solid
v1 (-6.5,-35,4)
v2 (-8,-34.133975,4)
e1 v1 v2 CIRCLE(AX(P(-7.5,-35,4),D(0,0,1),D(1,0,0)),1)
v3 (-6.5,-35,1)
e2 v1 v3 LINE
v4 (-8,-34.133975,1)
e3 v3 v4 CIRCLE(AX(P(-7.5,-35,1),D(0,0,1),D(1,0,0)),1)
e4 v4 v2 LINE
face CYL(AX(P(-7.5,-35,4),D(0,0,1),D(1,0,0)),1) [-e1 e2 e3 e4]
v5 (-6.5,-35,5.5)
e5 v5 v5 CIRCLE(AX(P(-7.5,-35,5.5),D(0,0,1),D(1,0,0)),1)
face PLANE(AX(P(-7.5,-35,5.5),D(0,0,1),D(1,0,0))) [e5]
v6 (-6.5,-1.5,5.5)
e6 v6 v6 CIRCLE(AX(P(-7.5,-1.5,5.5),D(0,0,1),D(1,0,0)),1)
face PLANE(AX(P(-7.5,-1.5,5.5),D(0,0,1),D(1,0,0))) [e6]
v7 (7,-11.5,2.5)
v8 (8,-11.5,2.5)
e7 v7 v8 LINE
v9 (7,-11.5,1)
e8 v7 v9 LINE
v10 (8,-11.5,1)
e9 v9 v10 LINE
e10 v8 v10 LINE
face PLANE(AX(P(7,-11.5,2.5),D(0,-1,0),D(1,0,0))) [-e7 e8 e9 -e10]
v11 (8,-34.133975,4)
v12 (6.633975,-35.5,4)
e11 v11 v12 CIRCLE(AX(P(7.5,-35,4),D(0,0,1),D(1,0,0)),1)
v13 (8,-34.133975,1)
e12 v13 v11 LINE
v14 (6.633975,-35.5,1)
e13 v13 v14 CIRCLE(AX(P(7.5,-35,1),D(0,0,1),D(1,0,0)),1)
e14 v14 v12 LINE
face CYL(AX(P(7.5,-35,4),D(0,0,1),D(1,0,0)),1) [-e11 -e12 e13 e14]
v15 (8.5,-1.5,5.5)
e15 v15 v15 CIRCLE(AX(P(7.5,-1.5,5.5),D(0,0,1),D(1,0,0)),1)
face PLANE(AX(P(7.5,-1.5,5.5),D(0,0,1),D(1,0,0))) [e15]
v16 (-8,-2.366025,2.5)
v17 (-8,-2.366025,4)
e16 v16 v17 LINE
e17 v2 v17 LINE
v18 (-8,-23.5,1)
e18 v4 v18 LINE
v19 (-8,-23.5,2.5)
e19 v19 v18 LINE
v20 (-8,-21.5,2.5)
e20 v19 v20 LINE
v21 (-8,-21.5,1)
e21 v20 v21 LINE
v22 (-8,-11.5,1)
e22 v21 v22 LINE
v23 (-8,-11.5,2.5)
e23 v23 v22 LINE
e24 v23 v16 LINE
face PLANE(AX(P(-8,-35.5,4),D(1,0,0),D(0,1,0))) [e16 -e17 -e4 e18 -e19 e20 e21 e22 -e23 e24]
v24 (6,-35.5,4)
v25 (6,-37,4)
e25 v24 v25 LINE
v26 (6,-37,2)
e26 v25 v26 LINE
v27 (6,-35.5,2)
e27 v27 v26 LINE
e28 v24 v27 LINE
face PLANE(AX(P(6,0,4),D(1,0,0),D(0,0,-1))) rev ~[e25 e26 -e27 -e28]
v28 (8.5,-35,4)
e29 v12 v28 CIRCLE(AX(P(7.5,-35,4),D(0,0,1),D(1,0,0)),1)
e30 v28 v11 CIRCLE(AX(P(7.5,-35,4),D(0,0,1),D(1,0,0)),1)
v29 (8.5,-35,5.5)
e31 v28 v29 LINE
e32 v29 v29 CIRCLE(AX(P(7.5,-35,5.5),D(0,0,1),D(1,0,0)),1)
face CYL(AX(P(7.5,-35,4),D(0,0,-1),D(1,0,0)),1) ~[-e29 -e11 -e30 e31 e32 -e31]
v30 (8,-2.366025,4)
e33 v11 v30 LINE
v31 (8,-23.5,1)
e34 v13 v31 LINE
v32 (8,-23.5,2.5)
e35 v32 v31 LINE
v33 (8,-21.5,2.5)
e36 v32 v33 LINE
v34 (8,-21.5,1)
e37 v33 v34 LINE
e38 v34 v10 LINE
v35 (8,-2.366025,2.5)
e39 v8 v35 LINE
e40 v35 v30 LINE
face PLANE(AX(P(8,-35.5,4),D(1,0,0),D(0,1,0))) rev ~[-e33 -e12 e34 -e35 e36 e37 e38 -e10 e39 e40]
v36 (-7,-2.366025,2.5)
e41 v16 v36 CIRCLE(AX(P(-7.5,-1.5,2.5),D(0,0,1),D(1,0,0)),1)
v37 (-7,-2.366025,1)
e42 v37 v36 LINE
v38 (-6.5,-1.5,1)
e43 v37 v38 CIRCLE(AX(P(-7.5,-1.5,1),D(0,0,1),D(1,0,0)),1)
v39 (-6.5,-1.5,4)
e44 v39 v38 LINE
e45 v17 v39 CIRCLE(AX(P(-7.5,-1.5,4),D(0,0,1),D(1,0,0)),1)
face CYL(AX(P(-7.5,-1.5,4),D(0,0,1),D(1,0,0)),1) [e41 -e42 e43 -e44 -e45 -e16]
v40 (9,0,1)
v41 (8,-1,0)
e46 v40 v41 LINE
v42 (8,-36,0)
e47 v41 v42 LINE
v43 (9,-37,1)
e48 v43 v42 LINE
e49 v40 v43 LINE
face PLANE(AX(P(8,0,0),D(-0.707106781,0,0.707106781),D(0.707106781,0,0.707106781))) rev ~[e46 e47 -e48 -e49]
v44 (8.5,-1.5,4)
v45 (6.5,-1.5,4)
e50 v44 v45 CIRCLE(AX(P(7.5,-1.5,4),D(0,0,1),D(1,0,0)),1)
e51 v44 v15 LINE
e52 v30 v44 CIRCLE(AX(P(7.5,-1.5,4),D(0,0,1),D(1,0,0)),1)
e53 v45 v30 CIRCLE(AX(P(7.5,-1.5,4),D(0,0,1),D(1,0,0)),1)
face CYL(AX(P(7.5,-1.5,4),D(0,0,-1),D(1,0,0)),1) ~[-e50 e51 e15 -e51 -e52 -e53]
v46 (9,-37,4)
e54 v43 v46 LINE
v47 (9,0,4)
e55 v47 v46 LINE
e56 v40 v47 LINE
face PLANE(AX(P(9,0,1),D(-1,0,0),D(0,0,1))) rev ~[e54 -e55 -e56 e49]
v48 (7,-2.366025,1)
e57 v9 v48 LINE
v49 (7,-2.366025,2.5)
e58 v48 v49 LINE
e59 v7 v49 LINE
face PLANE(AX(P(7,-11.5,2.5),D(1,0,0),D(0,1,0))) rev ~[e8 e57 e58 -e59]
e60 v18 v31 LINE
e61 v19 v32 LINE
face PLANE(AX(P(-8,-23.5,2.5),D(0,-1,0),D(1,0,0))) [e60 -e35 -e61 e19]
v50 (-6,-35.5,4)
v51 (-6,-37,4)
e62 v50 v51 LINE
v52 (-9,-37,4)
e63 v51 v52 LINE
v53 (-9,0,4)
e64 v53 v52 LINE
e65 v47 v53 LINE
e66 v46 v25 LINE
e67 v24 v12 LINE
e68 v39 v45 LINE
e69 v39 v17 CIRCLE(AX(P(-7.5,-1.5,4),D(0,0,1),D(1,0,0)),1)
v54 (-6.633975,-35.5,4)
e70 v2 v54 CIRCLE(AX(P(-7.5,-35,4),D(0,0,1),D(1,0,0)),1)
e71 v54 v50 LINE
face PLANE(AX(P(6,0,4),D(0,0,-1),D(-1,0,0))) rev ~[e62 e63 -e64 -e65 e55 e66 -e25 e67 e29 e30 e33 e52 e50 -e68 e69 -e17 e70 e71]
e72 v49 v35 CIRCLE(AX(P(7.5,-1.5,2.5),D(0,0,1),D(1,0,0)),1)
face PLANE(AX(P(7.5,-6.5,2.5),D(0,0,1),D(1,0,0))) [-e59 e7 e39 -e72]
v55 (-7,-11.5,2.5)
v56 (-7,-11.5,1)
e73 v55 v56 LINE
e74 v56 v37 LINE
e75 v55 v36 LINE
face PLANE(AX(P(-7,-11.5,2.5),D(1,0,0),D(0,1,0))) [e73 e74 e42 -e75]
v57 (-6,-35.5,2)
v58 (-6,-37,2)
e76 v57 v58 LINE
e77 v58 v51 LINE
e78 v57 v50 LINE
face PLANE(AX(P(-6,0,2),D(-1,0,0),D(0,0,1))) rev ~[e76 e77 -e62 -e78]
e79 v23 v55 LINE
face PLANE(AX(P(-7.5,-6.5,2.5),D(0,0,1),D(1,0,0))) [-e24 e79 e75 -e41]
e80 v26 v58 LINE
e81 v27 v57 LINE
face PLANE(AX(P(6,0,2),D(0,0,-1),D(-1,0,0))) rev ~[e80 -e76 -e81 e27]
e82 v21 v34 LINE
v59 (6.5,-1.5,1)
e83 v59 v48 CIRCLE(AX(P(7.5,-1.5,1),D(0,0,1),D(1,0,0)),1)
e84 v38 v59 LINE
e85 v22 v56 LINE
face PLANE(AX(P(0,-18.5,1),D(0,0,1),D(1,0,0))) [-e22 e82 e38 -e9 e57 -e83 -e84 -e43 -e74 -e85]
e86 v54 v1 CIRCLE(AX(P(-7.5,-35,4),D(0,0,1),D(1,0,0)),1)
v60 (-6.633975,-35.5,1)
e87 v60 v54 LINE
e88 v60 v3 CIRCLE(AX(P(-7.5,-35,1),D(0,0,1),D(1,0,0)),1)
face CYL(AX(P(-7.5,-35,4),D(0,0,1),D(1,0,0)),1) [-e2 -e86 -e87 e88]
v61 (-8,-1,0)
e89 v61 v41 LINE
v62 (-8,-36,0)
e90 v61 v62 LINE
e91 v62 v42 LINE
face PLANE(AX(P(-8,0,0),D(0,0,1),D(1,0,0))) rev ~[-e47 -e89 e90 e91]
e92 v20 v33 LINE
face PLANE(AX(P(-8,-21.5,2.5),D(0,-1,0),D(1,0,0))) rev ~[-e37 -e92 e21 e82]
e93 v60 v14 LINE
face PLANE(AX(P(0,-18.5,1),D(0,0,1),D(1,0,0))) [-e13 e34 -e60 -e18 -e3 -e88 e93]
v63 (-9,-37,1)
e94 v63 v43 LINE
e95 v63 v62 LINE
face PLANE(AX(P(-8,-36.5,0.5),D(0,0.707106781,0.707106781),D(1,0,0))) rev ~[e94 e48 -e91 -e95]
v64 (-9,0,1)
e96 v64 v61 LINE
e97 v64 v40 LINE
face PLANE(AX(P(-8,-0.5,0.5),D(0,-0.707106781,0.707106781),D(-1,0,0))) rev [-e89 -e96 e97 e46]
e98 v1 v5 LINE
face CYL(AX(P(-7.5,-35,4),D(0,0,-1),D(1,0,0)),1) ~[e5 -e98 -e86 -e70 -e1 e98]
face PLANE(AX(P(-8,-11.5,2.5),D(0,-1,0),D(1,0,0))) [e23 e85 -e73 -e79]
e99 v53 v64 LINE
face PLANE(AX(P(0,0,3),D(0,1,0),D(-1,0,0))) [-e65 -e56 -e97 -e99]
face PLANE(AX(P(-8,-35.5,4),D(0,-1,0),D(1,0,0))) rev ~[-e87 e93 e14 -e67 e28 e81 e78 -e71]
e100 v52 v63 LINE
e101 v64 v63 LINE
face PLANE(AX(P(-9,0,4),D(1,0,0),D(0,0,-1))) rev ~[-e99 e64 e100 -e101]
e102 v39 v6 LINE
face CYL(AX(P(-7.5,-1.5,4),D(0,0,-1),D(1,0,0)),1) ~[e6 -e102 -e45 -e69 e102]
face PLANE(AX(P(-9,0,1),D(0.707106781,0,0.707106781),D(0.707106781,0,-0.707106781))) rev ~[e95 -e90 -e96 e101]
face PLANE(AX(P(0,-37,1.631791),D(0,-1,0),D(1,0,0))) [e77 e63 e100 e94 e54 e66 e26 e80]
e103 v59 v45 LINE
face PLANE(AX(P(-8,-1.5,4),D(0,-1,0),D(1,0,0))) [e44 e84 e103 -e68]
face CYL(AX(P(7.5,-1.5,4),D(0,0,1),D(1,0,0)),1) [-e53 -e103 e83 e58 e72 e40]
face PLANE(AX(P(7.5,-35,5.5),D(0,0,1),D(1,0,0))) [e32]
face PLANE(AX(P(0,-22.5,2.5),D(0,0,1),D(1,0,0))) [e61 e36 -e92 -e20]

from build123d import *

# Parameters (mm, degrees)
F1_DEPTH       = 37
F2_W           = 12
F2_H           = 2
F3_DEPTH       = 2
F4_W           = 16
F4_H           = 34
F5_DEPTH       = 3
F7_W           = 1
F7_H           = 10
F7_W_2         = 16
F7_H_2         = 2
F8_DEPTH       = 1.5
F9_SIZE        = 1
F10_R          = 1
F11_DEPTH      = 1.5
F11_DEPTH_BACK = 3


with BuildPart() as f1:
    # F0 (on Front) → F1 (new body)
    with BuildSketch(Plane.XZ):
        Polygon((-9, 1), (-8, 0), (8, 0), (9, 1), (9, 4), (6, 4), (6, 2), (-6, 2), (-6, 4), (-9, 4), align=None)
    extrude(amount=F1_DEPTH)

    # F2 (on face) → F3 (join)
    with BuildSketch(Plane(origin=(0, 0, 0), x_dir=(-1, 0, 0), z_dir=(0, 1, 0))):
        with Locations((0, 3)):
            Rectangle(F2_W, F2_H)
    extrude(amount=-F3_DEPTH)

    # F4 (on face) → F5 (cut)
    with BuildSketch(Plane.XY.offset(4)):
        with Locations((0, -18.5)):
            Rectangle(F4_W, F4_H)
    extrude(amount=-F5_DEPTH, mode=Mode.SUBTRACT)

    # F7 (on offset) → F8 (join, through all)
    with BuildSketch(Plane.XY.offset(2.5)):
        with Locations((-7.5, -6.5)):
            Rectangle(F7_W, F7_H)
        with Locations((7.5, -6.5)):
            Rectangle(F7_W, F7_H)
        with Locations((0, -22.5)):
            Rectangle(F7_W_2, F7_H_2)
    extrude(amount=-F8_DEPTH)

    # F9
    f9_edges = [f1.edges().sort_by_distance(p)[0] for p in [
        (0, 0, 0),
        (0, -37, 0),
    ]]
    chamfer(f9_edges, length=F9_SIZE)

    # F10 (on face) → F11 (join, two sides)
    with BuildSketch(Plane.XY.offset(4)) as f11_sk:
        with Locations((7.5, -35)):
            Circle(F10_R)
        with Locations((-7.5, -35)):
            Circle(F10_R)
        with Locations((-7.5, -1.5)):
            Circle(F10_R)
        with Locations((7.5, -1.5)):
            Circle(F10_R)
    extrude(amount=F11_DEPTH)
    extrude(f11_sk.sketch, amount=-F11_DEPTH_BACK)


solid = f1.part
